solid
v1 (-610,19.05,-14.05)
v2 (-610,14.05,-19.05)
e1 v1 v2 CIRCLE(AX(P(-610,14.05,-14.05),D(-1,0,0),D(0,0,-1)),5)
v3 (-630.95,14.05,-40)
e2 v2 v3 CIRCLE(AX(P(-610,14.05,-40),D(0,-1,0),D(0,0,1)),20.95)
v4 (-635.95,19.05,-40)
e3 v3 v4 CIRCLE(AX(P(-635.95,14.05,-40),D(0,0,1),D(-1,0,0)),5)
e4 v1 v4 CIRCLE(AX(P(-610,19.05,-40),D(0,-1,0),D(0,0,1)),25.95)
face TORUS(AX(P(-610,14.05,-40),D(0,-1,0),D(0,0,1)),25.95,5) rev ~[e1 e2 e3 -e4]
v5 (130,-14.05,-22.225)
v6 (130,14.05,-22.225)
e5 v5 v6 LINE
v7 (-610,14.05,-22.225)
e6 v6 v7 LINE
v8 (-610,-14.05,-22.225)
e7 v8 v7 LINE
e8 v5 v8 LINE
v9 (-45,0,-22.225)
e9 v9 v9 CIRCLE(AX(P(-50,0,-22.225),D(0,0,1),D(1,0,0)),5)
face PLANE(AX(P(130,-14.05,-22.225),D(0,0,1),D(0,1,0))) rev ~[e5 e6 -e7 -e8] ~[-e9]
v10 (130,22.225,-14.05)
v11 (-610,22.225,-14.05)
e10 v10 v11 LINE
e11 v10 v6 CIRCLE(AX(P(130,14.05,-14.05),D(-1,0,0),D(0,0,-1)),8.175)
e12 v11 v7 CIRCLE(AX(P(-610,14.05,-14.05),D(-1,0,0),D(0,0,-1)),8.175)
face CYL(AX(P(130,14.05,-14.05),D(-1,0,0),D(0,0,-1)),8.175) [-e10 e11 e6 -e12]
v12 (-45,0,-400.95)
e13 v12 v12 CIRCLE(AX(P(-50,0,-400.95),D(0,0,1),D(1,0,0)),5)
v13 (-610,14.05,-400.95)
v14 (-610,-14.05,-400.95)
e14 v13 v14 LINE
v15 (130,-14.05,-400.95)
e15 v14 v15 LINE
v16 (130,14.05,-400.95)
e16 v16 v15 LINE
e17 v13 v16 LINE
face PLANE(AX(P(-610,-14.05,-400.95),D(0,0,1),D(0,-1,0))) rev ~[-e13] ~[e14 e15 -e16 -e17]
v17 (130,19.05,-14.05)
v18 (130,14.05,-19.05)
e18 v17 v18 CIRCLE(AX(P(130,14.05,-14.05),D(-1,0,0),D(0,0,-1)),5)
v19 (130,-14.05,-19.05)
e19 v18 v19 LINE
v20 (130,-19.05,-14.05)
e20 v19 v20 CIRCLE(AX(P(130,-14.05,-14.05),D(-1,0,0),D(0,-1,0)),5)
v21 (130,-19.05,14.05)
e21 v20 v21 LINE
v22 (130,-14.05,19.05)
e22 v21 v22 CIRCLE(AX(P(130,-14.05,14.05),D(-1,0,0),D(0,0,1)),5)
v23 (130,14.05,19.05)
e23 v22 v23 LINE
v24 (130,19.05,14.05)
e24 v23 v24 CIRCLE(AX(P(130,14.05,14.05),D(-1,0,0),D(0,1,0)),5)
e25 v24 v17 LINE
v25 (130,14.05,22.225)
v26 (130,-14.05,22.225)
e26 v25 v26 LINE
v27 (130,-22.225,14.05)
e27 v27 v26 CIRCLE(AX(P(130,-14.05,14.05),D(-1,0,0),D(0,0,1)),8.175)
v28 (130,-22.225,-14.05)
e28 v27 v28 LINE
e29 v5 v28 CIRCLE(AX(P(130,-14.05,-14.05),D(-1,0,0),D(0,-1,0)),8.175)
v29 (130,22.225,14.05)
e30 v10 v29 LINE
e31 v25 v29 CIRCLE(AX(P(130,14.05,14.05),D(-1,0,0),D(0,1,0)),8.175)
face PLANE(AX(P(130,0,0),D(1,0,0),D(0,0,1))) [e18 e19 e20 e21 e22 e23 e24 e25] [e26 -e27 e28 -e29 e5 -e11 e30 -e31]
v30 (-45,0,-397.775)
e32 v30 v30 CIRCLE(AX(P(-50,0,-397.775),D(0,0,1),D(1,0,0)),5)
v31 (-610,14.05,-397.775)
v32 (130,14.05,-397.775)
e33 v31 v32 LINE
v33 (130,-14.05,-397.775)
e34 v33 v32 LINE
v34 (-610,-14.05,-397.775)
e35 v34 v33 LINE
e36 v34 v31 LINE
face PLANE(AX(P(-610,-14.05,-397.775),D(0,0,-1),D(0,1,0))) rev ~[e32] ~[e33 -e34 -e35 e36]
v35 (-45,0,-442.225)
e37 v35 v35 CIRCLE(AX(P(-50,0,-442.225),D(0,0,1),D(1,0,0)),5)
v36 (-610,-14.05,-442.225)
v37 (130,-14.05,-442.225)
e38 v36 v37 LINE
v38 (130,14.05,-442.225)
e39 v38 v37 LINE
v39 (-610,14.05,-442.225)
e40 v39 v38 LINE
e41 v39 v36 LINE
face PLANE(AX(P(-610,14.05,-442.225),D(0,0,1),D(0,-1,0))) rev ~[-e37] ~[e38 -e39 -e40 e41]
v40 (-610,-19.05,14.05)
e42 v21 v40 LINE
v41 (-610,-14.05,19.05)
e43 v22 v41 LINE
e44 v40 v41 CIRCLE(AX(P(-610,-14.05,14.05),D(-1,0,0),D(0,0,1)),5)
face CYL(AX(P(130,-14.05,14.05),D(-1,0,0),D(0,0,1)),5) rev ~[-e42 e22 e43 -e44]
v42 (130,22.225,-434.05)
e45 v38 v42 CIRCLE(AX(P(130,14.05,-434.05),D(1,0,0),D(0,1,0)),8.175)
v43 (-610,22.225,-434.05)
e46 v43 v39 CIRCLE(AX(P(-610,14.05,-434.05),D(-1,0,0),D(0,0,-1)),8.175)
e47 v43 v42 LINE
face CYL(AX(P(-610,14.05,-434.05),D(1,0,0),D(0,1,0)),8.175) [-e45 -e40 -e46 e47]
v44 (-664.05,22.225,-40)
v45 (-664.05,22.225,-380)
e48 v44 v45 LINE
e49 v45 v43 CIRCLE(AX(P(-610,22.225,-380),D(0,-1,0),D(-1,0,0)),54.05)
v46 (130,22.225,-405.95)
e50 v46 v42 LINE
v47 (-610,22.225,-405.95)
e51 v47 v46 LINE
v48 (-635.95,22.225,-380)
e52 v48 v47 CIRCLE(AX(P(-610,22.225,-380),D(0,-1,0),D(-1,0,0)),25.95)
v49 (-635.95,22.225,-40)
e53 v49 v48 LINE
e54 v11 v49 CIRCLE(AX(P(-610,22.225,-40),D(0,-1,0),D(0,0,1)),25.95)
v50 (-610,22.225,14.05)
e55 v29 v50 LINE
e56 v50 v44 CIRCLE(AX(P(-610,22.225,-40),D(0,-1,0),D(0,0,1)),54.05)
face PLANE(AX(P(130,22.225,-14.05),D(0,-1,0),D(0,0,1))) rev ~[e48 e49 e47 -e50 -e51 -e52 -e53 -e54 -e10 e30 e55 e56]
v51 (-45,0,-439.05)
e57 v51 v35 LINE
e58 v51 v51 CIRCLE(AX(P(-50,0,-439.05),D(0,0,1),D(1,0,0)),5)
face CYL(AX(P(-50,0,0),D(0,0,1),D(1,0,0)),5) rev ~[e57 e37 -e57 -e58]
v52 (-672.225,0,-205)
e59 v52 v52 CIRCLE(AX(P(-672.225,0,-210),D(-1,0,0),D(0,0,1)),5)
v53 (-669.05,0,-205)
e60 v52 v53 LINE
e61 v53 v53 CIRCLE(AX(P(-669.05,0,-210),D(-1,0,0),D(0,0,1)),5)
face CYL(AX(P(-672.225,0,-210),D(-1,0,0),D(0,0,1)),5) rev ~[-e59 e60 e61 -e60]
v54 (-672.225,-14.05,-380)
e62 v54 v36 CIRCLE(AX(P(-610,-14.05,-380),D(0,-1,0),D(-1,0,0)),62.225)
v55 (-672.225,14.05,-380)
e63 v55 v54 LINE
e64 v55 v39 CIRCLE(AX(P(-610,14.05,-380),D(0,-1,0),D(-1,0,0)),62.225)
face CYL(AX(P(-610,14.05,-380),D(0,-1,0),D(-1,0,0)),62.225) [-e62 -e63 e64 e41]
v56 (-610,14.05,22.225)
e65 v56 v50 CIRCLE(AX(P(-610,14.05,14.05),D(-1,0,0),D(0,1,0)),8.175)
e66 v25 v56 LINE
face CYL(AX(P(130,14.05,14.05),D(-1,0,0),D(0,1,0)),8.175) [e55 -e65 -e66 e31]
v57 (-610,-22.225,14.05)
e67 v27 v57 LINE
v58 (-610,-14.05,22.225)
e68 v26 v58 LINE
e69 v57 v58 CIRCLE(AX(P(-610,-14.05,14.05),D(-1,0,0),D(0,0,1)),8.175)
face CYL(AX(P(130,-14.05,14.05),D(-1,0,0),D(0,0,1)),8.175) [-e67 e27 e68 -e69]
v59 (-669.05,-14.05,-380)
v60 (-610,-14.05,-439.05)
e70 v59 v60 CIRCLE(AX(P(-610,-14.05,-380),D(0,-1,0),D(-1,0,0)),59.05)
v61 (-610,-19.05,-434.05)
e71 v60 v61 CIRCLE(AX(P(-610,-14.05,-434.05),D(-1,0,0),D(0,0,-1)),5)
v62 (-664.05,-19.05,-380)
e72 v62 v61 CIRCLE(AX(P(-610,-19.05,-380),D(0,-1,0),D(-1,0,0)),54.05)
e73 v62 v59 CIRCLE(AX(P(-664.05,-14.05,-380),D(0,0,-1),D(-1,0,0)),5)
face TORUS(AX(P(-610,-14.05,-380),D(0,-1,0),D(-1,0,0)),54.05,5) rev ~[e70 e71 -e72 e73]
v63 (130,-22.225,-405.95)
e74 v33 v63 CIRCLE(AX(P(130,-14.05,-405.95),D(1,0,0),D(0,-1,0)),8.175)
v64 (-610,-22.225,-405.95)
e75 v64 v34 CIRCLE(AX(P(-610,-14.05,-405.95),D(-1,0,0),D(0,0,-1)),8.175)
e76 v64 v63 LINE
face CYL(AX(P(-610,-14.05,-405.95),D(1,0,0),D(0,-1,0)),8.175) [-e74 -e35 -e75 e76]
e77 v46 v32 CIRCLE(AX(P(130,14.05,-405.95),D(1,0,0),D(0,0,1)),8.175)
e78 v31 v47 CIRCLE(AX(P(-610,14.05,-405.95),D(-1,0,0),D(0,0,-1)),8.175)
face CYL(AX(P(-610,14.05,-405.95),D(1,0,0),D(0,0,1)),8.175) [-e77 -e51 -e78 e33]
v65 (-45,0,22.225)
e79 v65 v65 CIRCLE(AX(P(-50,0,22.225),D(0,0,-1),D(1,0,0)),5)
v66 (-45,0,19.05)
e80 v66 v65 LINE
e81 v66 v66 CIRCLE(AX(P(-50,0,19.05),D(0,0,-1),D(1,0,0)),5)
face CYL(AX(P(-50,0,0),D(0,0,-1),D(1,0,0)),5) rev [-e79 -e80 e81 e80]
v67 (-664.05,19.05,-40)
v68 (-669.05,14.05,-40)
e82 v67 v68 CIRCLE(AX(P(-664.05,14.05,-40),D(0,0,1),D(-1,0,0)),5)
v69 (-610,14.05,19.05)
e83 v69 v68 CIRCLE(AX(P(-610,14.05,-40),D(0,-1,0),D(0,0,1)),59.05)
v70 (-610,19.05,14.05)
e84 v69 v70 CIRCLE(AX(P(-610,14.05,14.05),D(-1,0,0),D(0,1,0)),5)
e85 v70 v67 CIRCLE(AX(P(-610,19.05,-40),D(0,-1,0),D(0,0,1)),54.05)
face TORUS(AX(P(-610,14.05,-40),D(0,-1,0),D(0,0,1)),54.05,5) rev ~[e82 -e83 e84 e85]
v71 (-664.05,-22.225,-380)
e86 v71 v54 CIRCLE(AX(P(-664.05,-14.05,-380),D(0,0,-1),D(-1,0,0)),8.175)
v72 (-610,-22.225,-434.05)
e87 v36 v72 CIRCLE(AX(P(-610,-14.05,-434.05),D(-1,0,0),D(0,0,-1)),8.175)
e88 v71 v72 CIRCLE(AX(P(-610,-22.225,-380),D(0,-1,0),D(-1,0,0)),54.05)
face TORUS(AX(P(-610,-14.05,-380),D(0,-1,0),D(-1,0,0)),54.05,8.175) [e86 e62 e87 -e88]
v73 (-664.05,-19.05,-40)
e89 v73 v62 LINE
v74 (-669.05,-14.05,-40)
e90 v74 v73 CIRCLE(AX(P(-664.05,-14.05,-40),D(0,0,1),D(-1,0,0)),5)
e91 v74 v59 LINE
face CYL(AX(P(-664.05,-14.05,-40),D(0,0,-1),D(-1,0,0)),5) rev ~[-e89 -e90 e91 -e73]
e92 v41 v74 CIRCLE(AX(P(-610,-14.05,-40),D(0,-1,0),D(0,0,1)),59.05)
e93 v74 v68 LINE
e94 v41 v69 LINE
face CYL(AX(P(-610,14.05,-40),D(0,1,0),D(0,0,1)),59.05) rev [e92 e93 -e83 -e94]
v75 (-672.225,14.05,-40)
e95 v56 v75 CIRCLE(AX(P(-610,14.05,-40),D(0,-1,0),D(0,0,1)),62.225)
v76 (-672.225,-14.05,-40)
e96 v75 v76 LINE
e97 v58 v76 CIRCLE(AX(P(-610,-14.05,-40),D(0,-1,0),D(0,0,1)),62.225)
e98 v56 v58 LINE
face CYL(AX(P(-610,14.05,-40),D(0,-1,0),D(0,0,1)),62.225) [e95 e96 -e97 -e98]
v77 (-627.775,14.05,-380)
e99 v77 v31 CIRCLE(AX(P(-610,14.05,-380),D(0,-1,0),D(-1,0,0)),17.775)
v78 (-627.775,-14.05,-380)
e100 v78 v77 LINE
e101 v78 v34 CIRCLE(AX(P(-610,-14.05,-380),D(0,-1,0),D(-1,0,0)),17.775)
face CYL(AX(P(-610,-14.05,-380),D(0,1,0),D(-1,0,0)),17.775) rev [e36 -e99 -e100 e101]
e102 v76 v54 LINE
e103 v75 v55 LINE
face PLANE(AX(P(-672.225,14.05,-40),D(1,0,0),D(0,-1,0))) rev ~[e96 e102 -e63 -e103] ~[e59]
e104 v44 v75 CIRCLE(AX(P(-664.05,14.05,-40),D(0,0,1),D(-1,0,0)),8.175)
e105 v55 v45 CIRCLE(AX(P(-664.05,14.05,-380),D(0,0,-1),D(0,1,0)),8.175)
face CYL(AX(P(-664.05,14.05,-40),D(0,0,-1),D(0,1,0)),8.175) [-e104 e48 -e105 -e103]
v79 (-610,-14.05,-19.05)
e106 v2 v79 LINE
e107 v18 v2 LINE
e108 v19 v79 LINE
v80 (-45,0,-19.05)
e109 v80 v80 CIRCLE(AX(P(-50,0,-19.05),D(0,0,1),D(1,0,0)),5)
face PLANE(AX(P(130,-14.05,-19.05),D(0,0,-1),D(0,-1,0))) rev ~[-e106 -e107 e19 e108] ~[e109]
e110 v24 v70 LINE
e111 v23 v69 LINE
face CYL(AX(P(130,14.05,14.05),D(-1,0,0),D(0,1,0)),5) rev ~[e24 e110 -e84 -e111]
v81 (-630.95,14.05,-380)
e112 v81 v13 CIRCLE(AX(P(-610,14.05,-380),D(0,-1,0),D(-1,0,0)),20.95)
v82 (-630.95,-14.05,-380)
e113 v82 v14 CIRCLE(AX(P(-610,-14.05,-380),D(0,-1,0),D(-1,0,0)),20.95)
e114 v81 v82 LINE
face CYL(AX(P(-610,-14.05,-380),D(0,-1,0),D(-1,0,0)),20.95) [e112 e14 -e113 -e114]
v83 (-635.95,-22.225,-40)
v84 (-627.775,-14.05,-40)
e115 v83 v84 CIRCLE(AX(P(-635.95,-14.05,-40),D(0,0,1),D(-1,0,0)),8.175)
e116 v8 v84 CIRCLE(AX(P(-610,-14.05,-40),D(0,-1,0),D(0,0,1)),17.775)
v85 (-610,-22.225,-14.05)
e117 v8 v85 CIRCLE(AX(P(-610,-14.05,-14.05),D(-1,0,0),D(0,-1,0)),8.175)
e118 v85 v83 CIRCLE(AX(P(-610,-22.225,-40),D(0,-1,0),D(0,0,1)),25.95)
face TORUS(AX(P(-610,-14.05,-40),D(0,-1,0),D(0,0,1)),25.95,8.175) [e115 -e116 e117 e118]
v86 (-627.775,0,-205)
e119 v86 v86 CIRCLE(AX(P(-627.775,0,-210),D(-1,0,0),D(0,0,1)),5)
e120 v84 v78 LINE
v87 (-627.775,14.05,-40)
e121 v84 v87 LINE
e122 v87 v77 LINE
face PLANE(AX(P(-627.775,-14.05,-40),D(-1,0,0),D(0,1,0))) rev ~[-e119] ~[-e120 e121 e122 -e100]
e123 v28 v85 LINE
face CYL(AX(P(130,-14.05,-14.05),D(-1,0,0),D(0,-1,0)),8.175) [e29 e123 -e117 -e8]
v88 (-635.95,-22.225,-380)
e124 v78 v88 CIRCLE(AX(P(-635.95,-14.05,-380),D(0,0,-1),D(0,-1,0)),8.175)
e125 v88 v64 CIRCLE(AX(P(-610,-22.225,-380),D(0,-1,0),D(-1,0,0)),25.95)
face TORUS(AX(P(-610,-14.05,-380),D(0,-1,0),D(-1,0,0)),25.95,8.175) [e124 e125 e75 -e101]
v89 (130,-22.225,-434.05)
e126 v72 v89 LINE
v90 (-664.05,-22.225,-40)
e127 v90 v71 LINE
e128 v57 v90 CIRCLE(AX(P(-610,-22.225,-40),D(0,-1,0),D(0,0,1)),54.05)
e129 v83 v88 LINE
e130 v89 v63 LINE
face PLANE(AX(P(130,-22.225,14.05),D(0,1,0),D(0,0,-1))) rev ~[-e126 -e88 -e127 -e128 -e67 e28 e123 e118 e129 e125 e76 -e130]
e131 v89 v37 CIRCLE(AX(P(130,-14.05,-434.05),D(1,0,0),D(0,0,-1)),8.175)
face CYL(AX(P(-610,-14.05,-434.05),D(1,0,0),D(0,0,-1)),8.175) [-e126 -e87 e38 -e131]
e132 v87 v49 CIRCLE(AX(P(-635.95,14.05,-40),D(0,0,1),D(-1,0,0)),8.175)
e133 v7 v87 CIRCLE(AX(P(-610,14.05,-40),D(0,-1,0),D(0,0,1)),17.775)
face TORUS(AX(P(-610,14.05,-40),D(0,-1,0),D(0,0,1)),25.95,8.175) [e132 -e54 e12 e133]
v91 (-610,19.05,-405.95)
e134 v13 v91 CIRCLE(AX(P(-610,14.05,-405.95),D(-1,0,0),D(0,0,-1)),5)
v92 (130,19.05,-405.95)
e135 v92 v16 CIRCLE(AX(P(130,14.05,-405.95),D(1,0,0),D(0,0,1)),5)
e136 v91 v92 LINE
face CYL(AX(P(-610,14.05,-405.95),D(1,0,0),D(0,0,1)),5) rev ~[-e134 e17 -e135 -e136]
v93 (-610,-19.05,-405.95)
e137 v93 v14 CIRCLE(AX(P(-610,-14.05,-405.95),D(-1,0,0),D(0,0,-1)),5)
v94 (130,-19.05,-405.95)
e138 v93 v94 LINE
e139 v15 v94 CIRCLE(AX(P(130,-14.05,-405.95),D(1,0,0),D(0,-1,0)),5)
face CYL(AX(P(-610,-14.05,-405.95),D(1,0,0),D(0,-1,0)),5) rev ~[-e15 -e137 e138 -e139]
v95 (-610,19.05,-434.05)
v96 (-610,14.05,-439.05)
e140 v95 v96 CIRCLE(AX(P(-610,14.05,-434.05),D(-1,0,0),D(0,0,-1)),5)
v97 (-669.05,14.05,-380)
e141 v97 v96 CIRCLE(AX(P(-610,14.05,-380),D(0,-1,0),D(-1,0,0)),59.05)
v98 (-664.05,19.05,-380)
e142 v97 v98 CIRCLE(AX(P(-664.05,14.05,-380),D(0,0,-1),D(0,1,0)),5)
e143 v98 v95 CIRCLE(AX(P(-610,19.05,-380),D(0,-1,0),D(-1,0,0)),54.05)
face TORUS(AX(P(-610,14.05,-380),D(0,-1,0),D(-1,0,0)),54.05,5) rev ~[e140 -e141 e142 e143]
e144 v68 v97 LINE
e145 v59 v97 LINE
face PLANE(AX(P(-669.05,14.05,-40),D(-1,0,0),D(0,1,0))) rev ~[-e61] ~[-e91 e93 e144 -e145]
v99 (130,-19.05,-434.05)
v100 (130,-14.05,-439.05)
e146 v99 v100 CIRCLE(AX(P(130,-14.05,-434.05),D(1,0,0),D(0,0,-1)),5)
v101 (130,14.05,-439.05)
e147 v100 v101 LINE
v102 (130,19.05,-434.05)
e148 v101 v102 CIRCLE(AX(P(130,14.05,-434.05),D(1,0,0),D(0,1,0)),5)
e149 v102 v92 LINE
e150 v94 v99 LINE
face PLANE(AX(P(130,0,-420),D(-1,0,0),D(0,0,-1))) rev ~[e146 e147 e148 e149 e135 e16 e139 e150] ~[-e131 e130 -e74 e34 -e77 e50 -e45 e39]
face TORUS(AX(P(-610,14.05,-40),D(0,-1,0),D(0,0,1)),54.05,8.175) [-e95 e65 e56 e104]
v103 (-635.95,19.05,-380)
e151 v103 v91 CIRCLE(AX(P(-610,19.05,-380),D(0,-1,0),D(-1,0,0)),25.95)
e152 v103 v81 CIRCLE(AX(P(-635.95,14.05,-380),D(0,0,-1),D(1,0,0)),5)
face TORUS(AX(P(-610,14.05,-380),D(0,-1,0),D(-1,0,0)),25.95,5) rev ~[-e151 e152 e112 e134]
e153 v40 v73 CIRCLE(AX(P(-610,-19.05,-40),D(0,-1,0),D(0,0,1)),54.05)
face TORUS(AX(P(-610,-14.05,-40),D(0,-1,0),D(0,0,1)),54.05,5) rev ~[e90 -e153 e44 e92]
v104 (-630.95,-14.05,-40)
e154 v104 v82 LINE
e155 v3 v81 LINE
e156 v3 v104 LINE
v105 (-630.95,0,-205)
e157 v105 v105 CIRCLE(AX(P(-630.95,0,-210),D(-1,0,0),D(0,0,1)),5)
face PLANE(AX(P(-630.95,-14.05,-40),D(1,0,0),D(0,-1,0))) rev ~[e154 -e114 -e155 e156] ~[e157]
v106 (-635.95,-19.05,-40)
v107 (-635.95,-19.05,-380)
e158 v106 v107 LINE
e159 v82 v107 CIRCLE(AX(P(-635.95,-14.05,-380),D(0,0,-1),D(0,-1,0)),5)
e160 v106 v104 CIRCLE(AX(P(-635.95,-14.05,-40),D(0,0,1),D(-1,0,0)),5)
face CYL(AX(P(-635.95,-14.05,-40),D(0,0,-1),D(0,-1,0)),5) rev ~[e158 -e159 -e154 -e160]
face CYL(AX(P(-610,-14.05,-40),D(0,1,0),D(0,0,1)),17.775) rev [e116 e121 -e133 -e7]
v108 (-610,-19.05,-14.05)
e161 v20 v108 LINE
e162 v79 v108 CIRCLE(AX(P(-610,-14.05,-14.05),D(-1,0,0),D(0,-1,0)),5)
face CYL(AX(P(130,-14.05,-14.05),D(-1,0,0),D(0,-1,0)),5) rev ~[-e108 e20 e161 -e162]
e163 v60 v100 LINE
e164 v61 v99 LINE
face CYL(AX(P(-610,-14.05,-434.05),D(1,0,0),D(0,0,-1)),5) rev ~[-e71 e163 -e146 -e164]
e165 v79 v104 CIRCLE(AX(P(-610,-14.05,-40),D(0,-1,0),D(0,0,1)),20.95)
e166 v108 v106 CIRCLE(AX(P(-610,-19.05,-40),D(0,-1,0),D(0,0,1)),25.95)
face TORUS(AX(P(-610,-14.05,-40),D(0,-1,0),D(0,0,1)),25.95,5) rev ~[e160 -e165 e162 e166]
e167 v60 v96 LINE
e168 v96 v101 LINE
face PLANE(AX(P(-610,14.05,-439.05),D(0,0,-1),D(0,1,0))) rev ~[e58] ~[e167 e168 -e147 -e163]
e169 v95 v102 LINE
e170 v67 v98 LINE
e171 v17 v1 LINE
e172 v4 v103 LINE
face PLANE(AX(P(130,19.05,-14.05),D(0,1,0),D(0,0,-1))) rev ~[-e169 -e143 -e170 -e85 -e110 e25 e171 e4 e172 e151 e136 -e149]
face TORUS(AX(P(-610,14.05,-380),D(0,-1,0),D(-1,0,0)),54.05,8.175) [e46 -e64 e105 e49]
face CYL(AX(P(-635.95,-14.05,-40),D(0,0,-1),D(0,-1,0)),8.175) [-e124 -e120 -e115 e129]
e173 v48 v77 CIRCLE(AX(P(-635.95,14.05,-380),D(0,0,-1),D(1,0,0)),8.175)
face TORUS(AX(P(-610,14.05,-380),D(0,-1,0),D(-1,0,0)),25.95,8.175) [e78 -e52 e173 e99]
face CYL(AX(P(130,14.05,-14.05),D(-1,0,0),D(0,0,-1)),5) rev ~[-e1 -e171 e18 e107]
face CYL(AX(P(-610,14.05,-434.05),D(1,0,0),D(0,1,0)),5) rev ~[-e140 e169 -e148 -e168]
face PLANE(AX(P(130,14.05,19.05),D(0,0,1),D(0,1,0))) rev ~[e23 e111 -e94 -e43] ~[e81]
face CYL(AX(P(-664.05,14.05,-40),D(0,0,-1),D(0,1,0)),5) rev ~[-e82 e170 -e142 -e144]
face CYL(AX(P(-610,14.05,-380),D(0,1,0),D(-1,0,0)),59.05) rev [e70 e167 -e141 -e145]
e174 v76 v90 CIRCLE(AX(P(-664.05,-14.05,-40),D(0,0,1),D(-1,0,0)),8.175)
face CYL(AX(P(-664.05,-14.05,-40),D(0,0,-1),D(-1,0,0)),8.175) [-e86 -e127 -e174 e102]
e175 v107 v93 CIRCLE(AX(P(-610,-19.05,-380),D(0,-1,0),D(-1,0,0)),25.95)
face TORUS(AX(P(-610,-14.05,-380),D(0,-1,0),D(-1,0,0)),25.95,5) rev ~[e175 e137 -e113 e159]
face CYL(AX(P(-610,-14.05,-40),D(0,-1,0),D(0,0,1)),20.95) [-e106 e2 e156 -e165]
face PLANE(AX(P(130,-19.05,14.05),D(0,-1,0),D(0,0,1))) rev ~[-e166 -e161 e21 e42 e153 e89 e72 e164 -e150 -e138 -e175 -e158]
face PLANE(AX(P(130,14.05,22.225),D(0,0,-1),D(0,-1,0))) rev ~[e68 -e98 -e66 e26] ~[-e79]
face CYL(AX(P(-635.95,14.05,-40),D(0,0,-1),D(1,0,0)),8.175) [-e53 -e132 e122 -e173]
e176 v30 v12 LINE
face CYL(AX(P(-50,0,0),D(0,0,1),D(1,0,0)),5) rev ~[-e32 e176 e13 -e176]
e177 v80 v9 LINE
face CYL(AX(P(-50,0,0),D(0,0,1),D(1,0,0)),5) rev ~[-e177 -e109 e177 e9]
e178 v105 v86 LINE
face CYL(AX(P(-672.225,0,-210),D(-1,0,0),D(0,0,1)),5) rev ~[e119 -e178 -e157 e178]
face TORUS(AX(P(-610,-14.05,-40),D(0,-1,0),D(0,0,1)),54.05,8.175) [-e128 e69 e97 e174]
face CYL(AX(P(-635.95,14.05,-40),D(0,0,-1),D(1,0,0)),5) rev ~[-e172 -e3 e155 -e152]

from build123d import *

# Parameters (mm, degrees)
SKETCH3_R               = 5
CUT_EXTRUDE1_DEPTH      = 23.2250001
CUT_EXTRUDE1_DEPTH_BACK = 443.2250001
SKETCH6_R               = 5
CUT_EXTRUDE2_DEPTH      = 803.225


with BuildPart() as part:
    # Sweep-Thin1: sweep along a path in Sketch1
    with BuildLine(Plane(origin=(0, 0, 0), x_dir=(1, 0, 0), z_dir=(0, 1, 0))) as sweep_thin1_path:
        Line((130, 0), (0, 0))
        Line((0, 0), (-610, 0))
        ThreePointArc((-610, 0), (-638.284271247, 11.715728753), (-650, 40))
        Line((-650, 40), (-650, 380))
        ThreePointArc((-650, 380), (-638.284271247, 408.284271247), (-610, 420))
        Line((-610, 420), (0, 420))
        Line((0, 420), (130, 420))
    # Sketch2 → Sweep-Thin1 (sweep)
    with BuildSketch(Plane(origin=(0, 0, 0), x_dir=(0, 0, -1), z_dir=(1, 0, 0))):
        with BuildLine():
            Line((14.05, 22.225), (-14.05, 22.225))
            ThreePointArc((-14.05, 22.225), (-19.830597936, 19.830597936), (-22.225, 14.05))
            Line((-22.225, 14.05), (-22.225, -14.05))
            ThreePointArc((-22.225, -14.05), (-19.830597936, -19.830597936), (-14.05, -22.225))
            Line((-14.05, -22.225), (14.05, -22.225))
            ThreePointArc((14.05, -22.225), (19.830597936, -19.830597936), (22.225, -14.05))
            Line((22.225, -14.05), (22.225, 14.05))
            ThreePointArc((22.225, 14.05), (19.830597936, 19.830597936), (14.05, 22.225))
        make_face()
        with BuildLine():
            Line((14.05, 19.05), (-14.05, 19.05))
            ThreePointArc((-14.05, 19.05), (-17.585533906, 17.585533906), (-19.05, 14.05))
            Line((-19.05, 14.05), (-19.05, -14.05))
            ThreePointArc((-19.05, -14.05), (-17.585533906, -17.585533906), (-14.05, -19.05))
            Line((-14.05, -19.05), (14.05, -19.05))
            ThreePointArc((14.05, -19.05), (17.585533906, -17.585533906), (19.05, -14.05))
            Line((19.05, -14.05), (19.05, 14.05))
            ThreePointArc((19.05, 14.05), (17.585533906, 17.585533906), (14.05, 19.05))
        make_face(mode=Mode.SUBTRACT)
    sweep(path=sweep_thin1_path.line)

    # Sketch3 → Cut-Extrude1 (cut, two sides)
    with BuildSketch(Plane.XY) as cut_extrude1_sk:
        with Locations((-50, 0)):
            Circle(SKETCH3_R)
    extrude(amount=CUT_EXTRUDE1_DEPTH, mode=Mode.SUBTRACT)
    extrude(cut_extrude1_sk.sketch, amount=-CUT_EXTRUDE1_DEPTH_BACK, mode=Mode.SUBTRACT)

    # Sketch6 → Cut-Extrude2 (cut, through all)
    with BuildSketch(Plane.ZY.offset(672.225)):
        with Locations((-210, 0)):
            Circle(SKETCH6_R)
    extrude(amount=-CUT_EXTRUDE2_DEPTH, mode=Mode.SUBTRACT)


solid = part.part
